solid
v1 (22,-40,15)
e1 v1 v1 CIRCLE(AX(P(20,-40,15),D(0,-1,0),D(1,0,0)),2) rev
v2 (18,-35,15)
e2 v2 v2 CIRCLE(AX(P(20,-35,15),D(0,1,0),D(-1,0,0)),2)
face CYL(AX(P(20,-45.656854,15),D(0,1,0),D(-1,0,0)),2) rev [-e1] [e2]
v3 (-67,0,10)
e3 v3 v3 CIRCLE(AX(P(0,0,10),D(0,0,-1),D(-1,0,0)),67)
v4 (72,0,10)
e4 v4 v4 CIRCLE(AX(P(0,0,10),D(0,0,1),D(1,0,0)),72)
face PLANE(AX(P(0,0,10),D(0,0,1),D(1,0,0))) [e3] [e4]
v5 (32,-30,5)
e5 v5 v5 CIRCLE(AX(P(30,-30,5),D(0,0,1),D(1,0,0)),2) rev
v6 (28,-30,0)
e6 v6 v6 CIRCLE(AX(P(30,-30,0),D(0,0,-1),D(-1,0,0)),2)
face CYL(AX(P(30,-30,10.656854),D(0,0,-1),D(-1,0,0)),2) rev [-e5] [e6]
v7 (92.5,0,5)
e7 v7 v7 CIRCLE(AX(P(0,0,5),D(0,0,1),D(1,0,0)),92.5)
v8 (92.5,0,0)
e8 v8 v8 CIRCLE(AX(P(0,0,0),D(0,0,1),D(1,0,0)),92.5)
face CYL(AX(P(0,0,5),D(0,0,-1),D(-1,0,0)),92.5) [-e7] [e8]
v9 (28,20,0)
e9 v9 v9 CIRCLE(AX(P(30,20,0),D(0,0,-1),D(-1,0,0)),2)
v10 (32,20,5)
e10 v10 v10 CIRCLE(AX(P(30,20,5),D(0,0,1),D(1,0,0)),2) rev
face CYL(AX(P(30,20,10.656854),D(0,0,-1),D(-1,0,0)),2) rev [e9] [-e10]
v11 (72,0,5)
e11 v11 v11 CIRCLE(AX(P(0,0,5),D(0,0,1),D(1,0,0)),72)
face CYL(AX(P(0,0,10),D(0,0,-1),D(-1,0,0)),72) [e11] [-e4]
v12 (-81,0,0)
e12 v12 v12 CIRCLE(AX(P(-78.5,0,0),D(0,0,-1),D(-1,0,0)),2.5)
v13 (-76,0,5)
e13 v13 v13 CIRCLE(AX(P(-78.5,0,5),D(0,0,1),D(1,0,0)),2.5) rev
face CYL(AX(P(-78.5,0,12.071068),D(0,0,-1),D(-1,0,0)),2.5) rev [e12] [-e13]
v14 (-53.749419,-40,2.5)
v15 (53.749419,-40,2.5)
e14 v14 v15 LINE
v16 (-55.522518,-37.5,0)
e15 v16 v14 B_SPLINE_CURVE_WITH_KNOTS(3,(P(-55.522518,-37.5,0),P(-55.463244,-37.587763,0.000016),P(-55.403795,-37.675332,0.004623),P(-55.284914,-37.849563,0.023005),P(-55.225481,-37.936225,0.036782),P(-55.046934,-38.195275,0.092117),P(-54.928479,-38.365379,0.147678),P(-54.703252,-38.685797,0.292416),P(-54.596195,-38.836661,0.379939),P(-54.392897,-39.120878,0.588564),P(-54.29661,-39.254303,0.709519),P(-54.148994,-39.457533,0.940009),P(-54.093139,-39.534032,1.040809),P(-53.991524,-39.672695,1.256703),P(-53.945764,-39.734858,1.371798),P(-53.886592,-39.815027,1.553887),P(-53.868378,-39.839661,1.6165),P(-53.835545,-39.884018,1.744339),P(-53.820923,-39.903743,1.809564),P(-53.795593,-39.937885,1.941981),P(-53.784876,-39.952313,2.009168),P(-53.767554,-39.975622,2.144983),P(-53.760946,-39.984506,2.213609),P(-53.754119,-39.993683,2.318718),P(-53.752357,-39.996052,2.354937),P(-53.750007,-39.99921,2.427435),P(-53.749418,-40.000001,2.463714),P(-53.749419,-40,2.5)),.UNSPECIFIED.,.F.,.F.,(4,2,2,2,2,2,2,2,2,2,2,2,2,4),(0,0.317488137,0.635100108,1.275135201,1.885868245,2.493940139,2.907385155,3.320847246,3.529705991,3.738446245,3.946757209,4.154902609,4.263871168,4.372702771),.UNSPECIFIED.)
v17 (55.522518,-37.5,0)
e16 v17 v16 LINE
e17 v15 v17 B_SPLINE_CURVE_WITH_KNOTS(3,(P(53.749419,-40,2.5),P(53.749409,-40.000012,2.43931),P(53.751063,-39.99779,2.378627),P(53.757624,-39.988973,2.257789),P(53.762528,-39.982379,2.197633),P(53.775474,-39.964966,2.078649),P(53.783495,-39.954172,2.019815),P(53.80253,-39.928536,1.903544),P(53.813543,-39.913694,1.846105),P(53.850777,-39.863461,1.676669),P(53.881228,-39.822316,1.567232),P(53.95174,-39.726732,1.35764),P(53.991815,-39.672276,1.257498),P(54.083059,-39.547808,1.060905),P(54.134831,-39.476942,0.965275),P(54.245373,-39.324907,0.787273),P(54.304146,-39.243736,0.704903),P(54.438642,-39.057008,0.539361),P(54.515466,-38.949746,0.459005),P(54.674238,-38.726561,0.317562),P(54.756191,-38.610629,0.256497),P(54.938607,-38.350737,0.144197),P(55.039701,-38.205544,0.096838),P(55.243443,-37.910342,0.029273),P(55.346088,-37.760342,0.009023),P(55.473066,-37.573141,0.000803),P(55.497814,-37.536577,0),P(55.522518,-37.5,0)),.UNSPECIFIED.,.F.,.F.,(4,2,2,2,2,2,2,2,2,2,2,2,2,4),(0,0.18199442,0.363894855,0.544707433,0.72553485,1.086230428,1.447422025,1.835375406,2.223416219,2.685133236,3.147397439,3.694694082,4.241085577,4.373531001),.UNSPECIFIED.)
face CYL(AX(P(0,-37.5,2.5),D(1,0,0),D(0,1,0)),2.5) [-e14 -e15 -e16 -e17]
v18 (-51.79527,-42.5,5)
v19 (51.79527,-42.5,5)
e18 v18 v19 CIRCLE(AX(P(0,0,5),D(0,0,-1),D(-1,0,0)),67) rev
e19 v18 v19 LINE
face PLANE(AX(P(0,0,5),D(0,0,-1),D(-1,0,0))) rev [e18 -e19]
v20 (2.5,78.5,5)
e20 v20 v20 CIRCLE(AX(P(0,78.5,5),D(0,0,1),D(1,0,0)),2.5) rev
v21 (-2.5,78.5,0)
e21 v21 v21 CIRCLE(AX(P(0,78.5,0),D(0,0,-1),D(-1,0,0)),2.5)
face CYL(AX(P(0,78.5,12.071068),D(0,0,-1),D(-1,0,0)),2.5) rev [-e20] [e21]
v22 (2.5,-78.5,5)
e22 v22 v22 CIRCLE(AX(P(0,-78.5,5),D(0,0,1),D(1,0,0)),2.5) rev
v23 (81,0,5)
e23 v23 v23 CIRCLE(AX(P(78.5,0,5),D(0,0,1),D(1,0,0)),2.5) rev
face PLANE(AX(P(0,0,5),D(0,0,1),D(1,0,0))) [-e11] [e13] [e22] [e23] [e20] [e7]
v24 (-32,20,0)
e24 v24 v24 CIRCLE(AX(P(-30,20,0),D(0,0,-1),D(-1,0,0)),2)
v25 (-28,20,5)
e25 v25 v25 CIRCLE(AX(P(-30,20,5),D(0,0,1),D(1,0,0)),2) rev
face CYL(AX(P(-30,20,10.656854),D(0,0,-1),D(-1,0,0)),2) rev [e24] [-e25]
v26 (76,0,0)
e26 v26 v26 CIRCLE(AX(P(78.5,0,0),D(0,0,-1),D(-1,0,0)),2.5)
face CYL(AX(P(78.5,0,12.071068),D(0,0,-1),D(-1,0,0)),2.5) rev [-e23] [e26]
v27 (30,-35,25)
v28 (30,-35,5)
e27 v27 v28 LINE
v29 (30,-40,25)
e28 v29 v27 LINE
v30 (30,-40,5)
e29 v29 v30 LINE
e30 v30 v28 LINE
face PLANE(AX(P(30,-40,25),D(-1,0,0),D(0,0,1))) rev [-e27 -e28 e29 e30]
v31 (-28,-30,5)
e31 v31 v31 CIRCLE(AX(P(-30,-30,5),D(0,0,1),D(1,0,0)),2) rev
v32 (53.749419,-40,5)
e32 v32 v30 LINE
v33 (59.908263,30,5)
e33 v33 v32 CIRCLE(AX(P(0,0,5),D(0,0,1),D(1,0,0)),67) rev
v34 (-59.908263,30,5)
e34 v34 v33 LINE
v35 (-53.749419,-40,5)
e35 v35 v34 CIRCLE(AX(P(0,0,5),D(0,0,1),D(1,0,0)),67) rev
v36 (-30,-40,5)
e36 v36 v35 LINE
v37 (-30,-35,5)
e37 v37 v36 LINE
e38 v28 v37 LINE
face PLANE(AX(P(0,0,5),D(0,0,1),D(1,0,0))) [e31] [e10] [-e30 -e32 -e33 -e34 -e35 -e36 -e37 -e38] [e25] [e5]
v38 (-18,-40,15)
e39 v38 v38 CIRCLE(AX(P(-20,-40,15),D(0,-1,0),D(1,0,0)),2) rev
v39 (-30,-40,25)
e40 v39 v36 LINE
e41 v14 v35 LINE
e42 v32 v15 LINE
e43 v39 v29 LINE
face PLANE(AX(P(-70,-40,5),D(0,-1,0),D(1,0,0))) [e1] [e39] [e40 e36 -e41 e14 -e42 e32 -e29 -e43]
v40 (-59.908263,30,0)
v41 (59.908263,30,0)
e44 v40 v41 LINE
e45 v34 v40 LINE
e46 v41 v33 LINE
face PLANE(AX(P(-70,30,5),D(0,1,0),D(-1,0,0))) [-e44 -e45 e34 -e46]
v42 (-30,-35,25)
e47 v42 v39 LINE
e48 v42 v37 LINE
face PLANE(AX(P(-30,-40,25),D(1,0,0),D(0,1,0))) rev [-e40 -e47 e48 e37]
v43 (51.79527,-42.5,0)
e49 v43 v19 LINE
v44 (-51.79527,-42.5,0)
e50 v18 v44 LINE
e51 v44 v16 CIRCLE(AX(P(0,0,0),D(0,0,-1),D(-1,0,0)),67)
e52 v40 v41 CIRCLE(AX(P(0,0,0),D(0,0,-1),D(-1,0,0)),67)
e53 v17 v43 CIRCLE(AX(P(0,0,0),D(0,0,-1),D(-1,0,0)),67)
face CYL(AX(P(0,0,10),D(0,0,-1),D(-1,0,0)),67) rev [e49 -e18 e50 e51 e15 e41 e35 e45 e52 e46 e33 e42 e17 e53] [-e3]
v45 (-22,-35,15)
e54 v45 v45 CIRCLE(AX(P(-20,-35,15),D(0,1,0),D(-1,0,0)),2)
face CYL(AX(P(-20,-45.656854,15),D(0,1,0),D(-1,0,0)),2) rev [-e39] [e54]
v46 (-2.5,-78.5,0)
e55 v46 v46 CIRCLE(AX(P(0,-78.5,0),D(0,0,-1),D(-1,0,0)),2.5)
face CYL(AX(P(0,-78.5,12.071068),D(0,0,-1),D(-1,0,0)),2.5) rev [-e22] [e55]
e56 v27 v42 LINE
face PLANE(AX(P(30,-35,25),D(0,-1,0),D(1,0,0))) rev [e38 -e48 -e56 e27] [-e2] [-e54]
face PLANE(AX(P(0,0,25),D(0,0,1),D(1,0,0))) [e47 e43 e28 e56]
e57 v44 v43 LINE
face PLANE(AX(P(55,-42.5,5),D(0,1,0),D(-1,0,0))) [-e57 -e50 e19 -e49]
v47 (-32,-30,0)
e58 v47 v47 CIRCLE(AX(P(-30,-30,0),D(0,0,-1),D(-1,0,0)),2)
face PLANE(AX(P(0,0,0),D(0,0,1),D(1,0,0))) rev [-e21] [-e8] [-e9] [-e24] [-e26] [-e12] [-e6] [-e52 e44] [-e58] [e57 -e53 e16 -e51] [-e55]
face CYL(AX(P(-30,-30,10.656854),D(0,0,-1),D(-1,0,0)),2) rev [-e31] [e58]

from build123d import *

# Parameters (mm, degrees)
SKETCH1_R           = 92.5
BOSS_EXTRUDE1_DEPTH = 5
SKETCH2_R           = 72
BOSS_EXTRUDE2_DEPTH = 5
SKETCH3_R           = 67
CUT_EXTRUDE1_DEPTH  = 11
SKETCH4_W           = 140
SKETCH4_H           = 70
BOSS_EXTRUDE3_DEPTH = 5
SKETCH6_W           = 60
SKETCH6_H           = 5
BOSS_EXTRUDE4_DEPTH = 20
FILLET1_R           = 2.5
SKETCH7_W           = 110
SKETCH7_H           = 25
BOSS_EXTRUDE5_DEPTH = 5
SKETCH11_R          = 2
CUT_EXTRUDE4_DEPTH  = 5
SKETCH12_R          = 2.5
CUT_EXTRUDE5_DEPTH  = 5
SKETCH13_R          = 2
CUT_EXTRUDE6_DEPTH  = 5


with BuildPart() as part:
    # Sketch1 → Boss-Extrude1 (new body)
    with BuildSketch(Plane.XY):
        Circle(SKETCH1_R)
    extrude(amount=BOSS_EXTRUDE1_DEPTH)

    # Sketch2 → Boss-Extrude2 (add)
    with BuildSketch(Plane.XY.offset(5)):
        Circle(SKETCH2_R)
    extrude(amount=BOSS_EXTRUDE2_DEPTH)

    # Sketch3 → Cut-Extrude1 (cut, through all)
    with BuildSketch(Plane(origin=(0, 0, 0), x_dir=(-1, 0, 0), z_dir=(0, 0, -1))):
        Circle(SKETCH3_R)
    extrude(amount=-CUT_EXTRUDE1_DEPTH, mode=Mode.SUBTRACT)

    # Sketch4 → Boss-Extrude3 (add)
    with BuildSketch(Plane(origin=(0, 0, 0), x_dir=(-1, 0, 0), z_dir=(0, 0, -1))):
        with Locations((0, -5)):
            Rectangle(SKETCH4_W, SKETCH4_H)
    extrude(amount=-BOSS_EXTRUDE3_DEPTH)

    # Sketch6 → Boss-Extrude4 (add)
    with BuildSketch(Plane.XY.offset(5)):
        with Locations((0, -37.5)):
            Rectangle(SKETCH6_W, SKETCH6_H)
    extrude(amount=BOSS_EXTRUDE4_DEPTH)

    # Fillet1
    fillet1_edges = [part.edges().sort_by_distance(p)[0] for p in [
        (0, -40, 0),
    ]]
    fillet(fillet1_edges, radius=FILLET1_R)

    # Sketch7 → Boss-Extrude5 (add)
    with BuildSketch(Plane(origin=(0, 0, 0), x_dir=(-1, 0, 0), z_dir=(0, 0, -1))):
        with Locations((0, -55)):
            Rectangle(SKETCH7_W, SKETCH7_H)
    extrude(amount=-BOSS_EXTRUDE5_DEPTH)

    # Sketch11 → Cut-Extrude4 (cut)
    with BuildSketch(Plane(origin=(0, 0, 0), x_dir=(-1, 0, 0), z_dir=(0, 0, -1))):
        with Locations((-30, -30)):
            Circle(SKETCH11_R)
        with Locations((-30, 20)):
            Circle(SKETCH11_R)
        with Locations((30, 20)):
            Circle(SKETCH11_R)
        with Locations((30, -30)):
            Circle(SKETCH11_R)
    extrude(amount=-CUT_EXTRUDE4_DEPTH, mode=Mode.SUBTRACT)

    # Sketch12 → Cut-Extrude5 (cut)
    with BuildSketch(Plane(origin=(0, 0, 0), x_dir=(-1, 0, 0), z_dir=(0, 0, -1))):
        with Locations((0, -78.5)):
            Circle(SKETCH12_R)
        with Locations((-78.5, 0)):
            Circle(SKETCH12_R)
        with Locations((0, 78.5)):
            Circle(SKETCH12_R)
        with Locations((78.5, 0)):
            Circle(SKETCH12_R)
    extrude(amount=-CUT_EXTRUDE5_DEPTH, mode=Mode.SUBTRACT)

    # Sketch13 → Cut-Extrude6 (cut)
    with BuildSketch(Plane(origin=(0, -35, 0), x_dir=(1, 0, 0), z_dir=(0, 1, 0))):
        with Locations((-20, -15)):
            Circle(SKETCH13_R)
        with Locations((20, -15)):
            Circle(SKETCH13_R)
    extrude(amount=-CUT_EXTRUDE6_DEPTH, mode=Mode.SUBTRACT)


solid = part.part
